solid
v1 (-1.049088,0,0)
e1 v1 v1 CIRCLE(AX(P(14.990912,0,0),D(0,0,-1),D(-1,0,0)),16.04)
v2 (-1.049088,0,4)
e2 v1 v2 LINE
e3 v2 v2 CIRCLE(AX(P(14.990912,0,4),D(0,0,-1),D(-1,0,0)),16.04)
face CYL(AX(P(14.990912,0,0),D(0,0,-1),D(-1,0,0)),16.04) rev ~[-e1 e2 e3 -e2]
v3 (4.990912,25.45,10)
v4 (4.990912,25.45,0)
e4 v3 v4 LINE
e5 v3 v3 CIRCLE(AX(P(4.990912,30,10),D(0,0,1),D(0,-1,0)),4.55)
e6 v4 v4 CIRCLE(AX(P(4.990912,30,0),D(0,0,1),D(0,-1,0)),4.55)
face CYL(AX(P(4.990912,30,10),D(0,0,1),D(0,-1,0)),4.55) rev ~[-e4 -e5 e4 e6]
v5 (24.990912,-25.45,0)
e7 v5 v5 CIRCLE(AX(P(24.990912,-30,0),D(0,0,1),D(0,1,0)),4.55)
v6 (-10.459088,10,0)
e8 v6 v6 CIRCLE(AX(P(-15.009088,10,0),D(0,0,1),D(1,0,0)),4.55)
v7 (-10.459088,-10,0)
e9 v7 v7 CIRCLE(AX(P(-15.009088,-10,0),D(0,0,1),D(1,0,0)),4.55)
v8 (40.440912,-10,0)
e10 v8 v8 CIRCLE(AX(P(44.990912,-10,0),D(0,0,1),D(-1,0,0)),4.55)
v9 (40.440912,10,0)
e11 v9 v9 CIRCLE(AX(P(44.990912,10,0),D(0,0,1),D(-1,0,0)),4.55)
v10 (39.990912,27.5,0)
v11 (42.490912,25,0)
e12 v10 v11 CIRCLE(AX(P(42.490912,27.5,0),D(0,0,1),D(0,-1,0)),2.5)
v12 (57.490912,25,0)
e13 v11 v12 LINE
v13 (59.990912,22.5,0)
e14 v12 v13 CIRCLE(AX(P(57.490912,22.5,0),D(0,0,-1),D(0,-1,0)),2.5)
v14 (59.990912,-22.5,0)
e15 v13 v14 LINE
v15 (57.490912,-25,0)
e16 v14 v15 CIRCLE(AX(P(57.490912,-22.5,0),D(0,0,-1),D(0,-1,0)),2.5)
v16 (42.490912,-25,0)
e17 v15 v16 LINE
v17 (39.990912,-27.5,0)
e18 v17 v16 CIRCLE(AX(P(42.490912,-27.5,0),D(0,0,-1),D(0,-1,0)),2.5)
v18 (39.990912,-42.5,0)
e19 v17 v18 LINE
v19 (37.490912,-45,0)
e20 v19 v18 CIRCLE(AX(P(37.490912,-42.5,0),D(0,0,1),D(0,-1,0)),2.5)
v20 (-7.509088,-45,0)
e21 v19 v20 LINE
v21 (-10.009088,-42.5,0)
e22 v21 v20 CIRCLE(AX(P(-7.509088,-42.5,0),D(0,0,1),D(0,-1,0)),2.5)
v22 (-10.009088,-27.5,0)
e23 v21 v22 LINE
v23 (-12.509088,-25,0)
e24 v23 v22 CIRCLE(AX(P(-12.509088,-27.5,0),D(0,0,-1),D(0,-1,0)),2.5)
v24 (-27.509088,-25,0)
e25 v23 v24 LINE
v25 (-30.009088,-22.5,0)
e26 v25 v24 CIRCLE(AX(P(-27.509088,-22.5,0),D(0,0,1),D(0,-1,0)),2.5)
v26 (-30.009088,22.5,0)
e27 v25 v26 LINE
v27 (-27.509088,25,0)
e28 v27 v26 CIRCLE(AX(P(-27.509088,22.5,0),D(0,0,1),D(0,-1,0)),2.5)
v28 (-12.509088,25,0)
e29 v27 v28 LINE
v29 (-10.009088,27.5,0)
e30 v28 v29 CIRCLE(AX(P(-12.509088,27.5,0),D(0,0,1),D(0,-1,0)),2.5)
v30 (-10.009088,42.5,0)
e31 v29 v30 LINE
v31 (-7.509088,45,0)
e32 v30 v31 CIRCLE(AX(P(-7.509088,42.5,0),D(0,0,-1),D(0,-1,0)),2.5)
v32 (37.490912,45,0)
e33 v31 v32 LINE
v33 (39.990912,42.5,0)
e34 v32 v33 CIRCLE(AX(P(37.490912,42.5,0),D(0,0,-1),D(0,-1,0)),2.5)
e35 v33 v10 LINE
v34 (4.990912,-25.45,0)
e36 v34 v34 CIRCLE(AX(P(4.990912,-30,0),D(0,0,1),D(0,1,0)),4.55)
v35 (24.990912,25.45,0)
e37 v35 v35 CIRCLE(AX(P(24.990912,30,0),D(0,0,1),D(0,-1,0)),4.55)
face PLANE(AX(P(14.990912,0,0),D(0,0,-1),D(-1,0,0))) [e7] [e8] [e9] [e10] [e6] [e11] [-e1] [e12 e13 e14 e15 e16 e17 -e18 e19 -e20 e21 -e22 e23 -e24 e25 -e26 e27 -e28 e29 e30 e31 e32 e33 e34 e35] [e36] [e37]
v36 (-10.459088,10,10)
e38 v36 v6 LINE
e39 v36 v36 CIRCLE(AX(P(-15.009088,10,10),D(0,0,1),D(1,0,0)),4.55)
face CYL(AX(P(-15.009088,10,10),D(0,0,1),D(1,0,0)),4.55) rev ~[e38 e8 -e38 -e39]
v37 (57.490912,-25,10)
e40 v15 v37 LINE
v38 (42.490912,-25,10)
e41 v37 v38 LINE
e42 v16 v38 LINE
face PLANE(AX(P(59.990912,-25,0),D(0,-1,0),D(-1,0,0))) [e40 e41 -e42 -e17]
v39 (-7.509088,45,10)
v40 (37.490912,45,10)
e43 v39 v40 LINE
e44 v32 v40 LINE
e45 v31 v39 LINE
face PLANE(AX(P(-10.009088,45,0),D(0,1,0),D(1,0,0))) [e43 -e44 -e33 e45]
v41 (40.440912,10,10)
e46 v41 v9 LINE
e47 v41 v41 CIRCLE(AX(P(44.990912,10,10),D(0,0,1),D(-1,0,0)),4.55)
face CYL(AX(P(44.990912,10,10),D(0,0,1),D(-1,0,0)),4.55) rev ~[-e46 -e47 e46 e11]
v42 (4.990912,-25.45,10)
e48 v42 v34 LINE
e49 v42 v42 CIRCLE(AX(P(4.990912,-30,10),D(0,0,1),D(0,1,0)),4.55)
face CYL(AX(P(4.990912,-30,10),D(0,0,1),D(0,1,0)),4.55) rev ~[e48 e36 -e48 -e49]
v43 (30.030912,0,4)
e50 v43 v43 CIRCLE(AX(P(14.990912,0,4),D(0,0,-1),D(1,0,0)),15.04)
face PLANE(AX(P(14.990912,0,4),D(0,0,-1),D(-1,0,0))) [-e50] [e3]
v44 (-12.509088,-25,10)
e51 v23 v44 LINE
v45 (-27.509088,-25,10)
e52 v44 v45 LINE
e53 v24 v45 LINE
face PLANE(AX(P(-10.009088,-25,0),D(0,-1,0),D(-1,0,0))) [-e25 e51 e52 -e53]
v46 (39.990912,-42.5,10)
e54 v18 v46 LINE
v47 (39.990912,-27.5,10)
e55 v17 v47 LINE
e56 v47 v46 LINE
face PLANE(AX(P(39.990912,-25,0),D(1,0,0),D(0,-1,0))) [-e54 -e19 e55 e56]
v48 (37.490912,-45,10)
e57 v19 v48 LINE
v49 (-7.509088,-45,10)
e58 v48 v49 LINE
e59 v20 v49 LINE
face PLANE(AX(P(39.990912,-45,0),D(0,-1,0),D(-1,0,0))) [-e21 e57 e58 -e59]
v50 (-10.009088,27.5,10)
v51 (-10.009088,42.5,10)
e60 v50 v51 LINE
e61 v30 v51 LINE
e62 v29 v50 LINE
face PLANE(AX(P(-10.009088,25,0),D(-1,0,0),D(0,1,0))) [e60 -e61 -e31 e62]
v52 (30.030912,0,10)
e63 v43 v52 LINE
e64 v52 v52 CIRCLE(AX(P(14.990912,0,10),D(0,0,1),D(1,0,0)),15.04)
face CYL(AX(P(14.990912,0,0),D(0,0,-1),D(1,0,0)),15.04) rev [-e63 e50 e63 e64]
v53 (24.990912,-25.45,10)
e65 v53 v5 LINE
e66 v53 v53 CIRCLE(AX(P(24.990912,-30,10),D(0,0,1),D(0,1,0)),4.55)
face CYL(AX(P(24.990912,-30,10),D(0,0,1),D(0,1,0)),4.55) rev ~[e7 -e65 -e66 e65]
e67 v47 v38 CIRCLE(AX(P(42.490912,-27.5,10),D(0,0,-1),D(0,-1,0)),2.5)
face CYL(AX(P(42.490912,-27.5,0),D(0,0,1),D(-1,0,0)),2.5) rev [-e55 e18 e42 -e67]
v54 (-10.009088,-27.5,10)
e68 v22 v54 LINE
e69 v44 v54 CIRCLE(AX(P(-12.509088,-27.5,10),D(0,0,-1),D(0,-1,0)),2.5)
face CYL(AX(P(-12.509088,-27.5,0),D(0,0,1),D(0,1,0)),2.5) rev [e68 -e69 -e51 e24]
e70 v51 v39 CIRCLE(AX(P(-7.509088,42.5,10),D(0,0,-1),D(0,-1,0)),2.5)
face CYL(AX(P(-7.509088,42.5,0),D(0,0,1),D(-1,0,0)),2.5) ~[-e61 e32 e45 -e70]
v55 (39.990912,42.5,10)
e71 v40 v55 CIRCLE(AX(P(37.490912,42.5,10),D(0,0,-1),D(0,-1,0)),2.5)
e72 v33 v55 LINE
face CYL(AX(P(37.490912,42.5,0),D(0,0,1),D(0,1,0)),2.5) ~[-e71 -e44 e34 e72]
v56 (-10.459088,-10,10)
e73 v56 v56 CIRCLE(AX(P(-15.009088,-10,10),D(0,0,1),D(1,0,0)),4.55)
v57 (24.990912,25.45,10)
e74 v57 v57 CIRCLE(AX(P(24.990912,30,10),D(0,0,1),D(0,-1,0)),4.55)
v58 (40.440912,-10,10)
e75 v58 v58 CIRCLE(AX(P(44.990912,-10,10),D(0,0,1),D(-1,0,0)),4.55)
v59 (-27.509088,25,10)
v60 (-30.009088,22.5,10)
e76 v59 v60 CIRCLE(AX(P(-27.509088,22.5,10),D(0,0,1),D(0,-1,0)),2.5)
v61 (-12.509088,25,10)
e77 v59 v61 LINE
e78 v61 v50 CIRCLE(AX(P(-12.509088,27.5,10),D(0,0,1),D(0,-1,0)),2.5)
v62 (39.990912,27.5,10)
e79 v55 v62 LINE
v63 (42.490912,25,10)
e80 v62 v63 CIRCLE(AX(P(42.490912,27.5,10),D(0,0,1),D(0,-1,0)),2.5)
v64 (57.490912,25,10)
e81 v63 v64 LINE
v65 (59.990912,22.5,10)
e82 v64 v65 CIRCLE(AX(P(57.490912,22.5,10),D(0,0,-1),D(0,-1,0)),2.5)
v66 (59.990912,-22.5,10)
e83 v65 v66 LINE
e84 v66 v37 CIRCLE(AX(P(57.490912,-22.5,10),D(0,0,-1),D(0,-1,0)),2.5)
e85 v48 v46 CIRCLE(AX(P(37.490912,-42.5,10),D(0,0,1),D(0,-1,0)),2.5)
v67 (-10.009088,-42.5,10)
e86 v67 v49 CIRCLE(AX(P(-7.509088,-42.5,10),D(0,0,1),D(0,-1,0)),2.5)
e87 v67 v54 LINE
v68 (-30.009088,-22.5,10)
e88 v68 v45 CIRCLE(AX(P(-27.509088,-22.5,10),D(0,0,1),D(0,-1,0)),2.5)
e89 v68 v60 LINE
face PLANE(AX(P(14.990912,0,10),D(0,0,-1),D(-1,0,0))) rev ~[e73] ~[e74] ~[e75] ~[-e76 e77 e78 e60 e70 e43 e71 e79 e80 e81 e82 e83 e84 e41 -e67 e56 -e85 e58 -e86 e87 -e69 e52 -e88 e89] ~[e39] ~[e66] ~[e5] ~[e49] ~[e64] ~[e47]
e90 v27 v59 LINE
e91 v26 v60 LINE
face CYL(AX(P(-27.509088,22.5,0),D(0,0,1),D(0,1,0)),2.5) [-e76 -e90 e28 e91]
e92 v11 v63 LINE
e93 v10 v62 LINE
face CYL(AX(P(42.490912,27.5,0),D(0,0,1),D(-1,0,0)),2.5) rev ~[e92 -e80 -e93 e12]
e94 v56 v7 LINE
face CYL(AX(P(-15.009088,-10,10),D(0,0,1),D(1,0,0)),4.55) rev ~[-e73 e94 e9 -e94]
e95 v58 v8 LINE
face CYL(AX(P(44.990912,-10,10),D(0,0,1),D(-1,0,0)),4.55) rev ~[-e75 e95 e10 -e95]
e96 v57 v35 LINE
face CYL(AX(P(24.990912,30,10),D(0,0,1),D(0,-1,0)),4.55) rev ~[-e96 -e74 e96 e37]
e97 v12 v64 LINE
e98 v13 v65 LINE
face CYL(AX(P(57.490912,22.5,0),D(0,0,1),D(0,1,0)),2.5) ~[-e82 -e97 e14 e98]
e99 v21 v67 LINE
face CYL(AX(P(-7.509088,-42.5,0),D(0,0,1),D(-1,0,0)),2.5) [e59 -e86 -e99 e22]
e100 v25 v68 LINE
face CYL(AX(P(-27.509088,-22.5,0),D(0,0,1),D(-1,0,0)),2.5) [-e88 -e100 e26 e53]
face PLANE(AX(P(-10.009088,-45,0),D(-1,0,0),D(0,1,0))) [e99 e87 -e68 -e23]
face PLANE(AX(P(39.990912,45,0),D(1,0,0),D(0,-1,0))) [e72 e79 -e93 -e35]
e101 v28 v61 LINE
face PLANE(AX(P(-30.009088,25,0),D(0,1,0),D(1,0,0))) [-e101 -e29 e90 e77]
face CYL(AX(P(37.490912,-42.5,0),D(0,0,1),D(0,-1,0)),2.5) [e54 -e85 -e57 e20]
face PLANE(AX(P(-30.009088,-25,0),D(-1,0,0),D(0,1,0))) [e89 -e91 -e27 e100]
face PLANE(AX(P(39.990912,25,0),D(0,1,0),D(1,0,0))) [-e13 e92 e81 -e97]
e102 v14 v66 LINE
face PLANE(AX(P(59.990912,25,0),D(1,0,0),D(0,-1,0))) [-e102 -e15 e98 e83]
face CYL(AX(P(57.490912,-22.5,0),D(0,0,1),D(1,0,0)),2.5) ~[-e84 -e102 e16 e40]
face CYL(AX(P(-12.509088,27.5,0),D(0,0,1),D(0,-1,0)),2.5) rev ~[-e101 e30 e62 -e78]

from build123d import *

# Parameters (mm, degrees)
SKETCH_1_R               = 15.04
EXTRUDE_1_DEPTH          = 10
FILLET_1_R               = 2.5
SKETCH_2_R               = 16.04
CUT_EXTRUDE_1_DEPTH      = 4
FILLET_2_R               = 2.5
SKETCH_5_R               = 4.55
CUT_EXTRUDE_2_DEPTH      = 76.6565237
PATTERN_CIRCULAR_1_COUNT = 4


with BuildPart() as part:
    # 스케치1 → 보스-돌출1 (new body)
    with BuildSketch(Plane.XY):
        Polygon((-30.009087535, 25), (-10.009087535, 25), (-10.009087535, 45), (39.990912465, 45), (39.990912465, 25), (59.990912465, 25), (59.990912465, -25), (39.990912465, -25), (39.990912465, -45), (-10.009087535, -45), (-10.009087535, -25), (-30.009087535, -25), align=None)
        with Locations((14.990912465, 0)):
            Circle(SKETCH_1_R, mode=Mode.SUBTRACT)
    extrude(amount=EXTRUDE_1_DEPTH)

    # 필렛1
    fillet_1_edges = [part.edges().sort_by_distance(p)[0] for p in [
        (-10.009087535, 25, 5),
        (39.990912465, 25, 5),
        (39.990912465, -25, 5),
        (-10.009087535, -25, 5),
    ]]
    fillet(fillet_1_edges, radius=FILLET_1_R)

    # 스케치2 → 컷-돌출1 (cut)
    with BuildSketch(Plane(origin=(0, 0, 0), x_dir=(-1, 0, 0), z_dir=(0, 0, -1))):
        with Locations((-14.990912465, 0)):
            Circle(SKETCH_2_R)
    extrude(amount=-CUT_EXTRUDE_1_DEPTH, mode=Mode.SUBTRACT)

    # 필렛2
    fillet_2_edges = [part.edges().sort_by_distance(p)[0] for p in [
        (-30.009087535, 25, 5),
        (-10.009087535, 45, 5),
        (39.990912465, 45, 5),
        (59.990912465, 25, 5),
        (59.990912465, -25, 5),
        (39.990912465, -45, 5),
        (-10.009087535, -45, 5),
        (-30.009087535, -25, 5),
    ]]
    fillet(fillet_2_edges, radius=FILLET_2_R)

    # 스케치5 → 컷-돌출2 (cut, through all)
    with BuildSketch(Plane.XY.offset(10)):
        with Locations((-15.009087535, -10)):
            Circle(SKETCH_5_R)
        with Locations((-15.009087535, 10)):
            Circle(SKETCH_5_R)
    cut_extrude_2 = extrude(amount=-CUT_EXTRUDE_2_DEPTH, mode=Mode.SUBTRACT)

    # 원형 패턴1: 컷-돌출2 ×4 about axis
    pattern_circular_1_axis = Axis((14.990912465, 0, 0), (0, 0, 1))
    for i in range(1, PATTERN_CIRCULAR_1_COUNT):
        add(cut_extrude_2.rotate(pattern_circular_1_axis, i * 360 / PATTERN_CIRCULAR_1_COUNT), mode=Mode.SUBTRACT)


solid = part.part
